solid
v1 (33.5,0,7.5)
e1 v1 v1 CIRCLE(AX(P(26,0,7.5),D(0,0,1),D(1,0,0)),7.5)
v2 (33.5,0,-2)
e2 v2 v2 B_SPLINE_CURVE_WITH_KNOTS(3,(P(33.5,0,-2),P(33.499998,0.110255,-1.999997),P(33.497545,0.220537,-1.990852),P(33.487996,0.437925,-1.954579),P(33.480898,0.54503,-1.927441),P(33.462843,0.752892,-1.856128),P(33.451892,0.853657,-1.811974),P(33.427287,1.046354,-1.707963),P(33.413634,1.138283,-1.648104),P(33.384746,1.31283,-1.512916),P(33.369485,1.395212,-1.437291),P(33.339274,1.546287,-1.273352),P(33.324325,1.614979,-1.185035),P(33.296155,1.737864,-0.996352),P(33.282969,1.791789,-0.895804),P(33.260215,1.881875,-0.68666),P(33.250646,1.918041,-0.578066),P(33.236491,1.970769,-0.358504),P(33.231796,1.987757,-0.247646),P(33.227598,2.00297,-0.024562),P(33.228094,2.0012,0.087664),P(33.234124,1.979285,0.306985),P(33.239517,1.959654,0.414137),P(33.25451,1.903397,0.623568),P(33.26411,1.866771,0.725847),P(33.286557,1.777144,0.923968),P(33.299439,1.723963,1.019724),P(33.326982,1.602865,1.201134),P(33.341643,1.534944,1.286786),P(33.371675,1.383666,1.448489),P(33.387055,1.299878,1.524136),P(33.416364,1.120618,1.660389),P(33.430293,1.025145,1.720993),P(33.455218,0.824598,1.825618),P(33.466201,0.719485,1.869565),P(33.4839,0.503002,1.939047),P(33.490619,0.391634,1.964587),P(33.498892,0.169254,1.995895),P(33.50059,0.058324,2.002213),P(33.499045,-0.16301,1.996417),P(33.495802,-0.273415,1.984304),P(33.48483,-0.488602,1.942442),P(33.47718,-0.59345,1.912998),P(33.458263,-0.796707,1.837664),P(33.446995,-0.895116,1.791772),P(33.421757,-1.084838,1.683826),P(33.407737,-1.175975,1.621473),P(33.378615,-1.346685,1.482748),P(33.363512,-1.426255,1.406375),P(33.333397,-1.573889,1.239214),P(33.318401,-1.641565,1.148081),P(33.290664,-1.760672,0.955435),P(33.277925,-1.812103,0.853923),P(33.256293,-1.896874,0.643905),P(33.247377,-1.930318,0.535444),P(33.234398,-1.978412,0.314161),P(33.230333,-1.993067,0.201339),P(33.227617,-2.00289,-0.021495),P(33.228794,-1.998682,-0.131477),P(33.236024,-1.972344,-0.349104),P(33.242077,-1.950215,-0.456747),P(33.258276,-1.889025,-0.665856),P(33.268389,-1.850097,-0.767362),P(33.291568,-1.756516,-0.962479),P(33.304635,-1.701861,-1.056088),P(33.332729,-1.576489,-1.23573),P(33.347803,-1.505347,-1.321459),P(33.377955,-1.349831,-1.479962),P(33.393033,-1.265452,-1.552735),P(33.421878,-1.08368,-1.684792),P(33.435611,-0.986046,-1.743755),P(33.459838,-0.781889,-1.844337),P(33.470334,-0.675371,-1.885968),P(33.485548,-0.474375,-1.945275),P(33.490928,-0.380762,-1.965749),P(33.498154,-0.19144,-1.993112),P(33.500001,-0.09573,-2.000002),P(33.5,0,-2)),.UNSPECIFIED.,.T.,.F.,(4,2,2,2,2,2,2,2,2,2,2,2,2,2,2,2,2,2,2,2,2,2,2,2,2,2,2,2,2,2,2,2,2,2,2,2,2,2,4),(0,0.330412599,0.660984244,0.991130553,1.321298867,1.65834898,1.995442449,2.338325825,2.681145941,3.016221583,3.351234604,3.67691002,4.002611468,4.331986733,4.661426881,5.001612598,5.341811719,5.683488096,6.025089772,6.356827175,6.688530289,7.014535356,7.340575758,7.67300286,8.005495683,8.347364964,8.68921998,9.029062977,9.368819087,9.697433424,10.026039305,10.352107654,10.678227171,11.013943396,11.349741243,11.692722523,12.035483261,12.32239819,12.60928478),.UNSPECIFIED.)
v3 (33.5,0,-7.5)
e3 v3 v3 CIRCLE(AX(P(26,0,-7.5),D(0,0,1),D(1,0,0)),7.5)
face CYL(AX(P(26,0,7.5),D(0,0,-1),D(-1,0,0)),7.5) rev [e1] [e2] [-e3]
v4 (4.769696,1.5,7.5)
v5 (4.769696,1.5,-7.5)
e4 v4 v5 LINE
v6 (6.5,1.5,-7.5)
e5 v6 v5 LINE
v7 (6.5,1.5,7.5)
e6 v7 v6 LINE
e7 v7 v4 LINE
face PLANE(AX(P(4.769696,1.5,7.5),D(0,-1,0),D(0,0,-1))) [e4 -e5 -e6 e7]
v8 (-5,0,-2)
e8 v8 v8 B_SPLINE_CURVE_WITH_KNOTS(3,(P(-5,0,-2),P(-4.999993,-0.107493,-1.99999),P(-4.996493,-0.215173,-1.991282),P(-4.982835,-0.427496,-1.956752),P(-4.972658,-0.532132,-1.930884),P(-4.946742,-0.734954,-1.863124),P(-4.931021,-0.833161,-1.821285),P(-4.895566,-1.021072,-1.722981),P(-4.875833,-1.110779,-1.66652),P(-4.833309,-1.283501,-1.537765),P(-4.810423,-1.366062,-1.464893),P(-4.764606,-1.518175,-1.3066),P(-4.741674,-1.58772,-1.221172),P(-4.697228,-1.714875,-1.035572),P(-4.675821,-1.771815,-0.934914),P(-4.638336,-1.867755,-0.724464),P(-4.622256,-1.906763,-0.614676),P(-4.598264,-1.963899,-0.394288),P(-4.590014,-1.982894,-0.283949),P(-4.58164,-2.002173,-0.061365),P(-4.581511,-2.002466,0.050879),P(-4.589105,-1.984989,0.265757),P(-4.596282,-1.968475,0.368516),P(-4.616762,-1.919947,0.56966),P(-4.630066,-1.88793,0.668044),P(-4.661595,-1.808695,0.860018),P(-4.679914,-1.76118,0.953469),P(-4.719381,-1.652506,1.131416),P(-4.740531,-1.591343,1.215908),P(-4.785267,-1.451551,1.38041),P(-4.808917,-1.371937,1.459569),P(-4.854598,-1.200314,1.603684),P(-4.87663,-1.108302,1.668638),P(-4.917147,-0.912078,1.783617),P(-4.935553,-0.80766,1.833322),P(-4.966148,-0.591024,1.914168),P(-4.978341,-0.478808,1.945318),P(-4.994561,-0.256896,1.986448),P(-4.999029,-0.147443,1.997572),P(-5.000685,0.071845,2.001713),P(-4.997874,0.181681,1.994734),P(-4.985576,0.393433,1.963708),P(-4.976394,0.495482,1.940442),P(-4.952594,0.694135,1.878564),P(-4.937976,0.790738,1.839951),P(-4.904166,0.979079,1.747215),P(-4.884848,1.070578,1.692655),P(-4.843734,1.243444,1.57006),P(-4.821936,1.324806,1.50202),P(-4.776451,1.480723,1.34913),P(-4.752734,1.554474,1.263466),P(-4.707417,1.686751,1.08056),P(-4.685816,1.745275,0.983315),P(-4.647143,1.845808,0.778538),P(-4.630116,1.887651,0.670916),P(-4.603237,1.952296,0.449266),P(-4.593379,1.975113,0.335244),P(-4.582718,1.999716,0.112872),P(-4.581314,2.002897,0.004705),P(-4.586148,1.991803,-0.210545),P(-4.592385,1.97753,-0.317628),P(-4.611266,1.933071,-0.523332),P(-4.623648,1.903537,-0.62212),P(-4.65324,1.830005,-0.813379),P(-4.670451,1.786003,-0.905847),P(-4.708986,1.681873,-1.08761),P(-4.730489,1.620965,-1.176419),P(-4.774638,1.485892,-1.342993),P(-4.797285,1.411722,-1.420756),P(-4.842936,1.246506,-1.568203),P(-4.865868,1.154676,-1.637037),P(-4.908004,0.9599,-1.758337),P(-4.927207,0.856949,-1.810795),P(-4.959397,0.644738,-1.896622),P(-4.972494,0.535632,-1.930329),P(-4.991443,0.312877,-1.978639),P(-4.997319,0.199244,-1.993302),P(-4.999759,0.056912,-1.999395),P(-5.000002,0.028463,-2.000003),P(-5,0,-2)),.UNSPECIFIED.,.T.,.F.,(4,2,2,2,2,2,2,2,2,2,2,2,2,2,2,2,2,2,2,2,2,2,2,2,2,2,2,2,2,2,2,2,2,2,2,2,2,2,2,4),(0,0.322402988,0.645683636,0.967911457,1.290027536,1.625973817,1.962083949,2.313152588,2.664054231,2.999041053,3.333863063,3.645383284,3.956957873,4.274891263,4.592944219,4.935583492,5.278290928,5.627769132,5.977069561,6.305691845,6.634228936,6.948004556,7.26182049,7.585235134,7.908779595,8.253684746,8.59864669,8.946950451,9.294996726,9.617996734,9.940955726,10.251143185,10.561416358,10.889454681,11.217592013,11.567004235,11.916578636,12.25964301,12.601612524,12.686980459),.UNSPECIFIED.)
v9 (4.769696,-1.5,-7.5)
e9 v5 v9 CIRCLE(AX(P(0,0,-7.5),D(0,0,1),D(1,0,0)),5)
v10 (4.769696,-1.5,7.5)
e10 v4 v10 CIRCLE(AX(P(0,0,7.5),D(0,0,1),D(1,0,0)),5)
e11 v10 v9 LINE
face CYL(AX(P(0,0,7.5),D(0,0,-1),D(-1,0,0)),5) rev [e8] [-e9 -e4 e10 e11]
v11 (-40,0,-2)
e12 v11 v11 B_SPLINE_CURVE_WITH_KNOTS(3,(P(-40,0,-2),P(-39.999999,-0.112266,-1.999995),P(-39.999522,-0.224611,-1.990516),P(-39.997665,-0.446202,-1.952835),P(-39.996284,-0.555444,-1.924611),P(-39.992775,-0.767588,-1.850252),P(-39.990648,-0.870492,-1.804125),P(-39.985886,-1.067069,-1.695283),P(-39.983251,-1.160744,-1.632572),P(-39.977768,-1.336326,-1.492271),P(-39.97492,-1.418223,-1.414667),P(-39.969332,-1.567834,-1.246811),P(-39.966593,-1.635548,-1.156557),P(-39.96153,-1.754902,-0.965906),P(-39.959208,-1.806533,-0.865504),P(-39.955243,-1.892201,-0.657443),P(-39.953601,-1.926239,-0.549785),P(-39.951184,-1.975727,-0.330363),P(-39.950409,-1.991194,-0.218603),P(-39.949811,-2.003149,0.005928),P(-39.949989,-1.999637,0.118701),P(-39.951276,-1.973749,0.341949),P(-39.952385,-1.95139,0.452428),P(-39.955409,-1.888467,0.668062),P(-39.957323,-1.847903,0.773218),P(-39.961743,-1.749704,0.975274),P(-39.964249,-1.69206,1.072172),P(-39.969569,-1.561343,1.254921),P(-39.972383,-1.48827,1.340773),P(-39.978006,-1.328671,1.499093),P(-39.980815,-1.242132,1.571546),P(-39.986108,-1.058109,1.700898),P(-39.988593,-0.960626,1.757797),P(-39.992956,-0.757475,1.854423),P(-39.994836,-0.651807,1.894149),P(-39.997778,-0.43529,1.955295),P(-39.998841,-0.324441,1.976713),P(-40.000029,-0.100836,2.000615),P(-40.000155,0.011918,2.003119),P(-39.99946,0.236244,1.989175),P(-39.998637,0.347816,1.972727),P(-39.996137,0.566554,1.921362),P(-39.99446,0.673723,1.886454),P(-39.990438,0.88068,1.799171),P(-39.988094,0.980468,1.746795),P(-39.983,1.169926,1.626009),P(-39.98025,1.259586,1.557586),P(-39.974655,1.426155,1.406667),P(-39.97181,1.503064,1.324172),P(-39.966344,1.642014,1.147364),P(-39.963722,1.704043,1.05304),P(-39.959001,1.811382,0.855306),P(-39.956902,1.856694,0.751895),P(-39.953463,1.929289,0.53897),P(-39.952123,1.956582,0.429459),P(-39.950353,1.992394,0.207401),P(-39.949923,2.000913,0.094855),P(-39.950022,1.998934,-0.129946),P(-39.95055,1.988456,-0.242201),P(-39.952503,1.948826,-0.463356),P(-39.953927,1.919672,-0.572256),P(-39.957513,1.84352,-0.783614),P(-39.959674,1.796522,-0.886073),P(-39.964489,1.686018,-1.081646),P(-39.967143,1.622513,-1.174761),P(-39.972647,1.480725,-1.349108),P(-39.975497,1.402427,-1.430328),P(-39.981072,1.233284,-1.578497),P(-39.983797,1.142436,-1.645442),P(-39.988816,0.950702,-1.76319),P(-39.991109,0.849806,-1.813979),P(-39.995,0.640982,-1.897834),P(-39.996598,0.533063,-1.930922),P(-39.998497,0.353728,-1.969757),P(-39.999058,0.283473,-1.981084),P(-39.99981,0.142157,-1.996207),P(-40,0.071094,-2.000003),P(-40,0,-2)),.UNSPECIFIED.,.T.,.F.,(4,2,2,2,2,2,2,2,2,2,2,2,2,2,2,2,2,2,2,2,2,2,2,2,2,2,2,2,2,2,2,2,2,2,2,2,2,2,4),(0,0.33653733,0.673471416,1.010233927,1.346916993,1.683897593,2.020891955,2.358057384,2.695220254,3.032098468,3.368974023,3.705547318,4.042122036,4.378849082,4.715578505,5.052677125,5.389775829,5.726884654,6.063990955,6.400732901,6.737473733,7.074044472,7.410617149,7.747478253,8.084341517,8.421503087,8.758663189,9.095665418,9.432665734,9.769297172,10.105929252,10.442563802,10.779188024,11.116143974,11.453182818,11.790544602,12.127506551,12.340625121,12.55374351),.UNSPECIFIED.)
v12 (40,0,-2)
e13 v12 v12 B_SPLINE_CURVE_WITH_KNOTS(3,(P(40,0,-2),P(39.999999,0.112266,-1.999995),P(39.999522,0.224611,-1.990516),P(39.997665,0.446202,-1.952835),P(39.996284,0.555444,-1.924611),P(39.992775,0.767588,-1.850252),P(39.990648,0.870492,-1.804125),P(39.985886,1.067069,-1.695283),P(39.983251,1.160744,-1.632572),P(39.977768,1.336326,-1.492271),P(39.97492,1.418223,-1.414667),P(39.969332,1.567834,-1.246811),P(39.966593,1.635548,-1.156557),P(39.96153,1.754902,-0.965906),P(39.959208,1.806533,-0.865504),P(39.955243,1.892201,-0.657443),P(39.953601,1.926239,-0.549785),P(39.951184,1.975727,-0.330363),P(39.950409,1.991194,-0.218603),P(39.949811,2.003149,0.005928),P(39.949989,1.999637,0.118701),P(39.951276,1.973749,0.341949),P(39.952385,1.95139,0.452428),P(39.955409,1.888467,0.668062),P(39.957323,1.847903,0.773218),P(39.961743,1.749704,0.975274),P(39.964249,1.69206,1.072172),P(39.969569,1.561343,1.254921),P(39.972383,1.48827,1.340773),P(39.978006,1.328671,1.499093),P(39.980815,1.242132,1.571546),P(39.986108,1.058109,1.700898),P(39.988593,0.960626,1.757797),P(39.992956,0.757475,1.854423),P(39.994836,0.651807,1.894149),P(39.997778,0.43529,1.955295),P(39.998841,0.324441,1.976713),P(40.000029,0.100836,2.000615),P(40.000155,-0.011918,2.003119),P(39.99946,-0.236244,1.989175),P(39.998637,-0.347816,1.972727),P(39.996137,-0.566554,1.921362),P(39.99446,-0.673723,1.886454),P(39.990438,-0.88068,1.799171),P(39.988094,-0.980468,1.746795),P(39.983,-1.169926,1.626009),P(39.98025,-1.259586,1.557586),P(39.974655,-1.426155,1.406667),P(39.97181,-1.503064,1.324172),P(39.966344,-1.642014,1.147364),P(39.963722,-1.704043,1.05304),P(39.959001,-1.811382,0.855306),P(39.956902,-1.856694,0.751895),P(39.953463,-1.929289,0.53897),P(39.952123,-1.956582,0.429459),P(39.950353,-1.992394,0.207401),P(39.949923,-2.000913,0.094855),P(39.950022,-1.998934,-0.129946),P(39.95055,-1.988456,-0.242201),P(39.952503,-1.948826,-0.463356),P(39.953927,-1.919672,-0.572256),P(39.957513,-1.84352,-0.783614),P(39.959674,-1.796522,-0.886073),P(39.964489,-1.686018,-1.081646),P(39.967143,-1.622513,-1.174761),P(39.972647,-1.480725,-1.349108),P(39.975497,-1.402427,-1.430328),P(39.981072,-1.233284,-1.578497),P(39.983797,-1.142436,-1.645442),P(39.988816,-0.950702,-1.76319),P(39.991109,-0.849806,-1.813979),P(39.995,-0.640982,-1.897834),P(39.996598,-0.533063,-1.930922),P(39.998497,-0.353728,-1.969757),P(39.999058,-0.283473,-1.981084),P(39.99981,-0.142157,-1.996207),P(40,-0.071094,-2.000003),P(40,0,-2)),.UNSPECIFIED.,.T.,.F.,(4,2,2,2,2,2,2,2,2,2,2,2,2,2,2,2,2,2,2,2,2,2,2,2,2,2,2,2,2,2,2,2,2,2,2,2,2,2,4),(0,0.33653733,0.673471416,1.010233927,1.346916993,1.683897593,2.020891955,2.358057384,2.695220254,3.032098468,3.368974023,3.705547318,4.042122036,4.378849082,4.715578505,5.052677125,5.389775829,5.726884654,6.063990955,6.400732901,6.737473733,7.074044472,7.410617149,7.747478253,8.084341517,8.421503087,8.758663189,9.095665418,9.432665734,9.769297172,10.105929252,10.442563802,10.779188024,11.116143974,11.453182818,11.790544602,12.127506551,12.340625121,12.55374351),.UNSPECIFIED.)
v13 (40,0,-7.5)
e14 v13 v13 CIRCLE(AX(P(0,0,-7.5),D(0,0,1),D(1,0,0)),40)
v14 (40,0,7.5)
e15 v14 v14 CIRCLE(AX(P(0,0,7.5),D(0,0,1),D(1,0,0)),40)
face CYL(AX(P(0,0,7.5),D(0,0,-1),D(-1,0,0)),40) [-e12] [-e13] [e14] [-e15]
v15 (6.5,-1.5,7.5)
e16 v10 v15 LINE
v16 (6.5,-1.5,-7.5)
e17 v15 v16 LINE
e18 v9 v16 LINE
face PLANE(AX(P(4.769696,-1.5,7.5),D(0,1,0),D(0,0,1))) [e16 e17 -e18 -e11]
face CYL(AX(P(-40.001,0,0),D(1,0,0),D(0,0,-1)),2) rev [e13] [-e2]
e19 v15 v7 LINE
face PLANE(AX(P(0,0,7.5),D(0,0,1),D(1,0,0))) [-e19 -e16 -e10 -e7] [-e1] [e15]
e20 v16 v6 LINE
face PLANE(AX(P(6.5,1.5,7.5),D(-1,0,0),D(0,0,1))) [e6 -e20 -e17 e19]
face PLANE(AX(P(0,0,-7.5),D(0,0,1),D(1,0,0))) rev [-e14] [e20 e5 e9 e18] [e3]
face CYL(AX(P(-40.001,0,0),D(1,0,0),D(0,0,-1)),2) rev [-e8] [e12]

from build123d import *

# Parameters (mm, degrees)
SKETCH1_R               = 40
SKETCH1_R_2             = 7.5
BOSS_EXTRUDE1_DEPTH     = 7.5
CUT_EXTRUDE1_REACH      = 59.064
CUT_EXTRUDE1_END_RADIUS = 40
SKETCH2_R               = 2
CUT_EXTRUDE2_REACH      = 99.064
CUT_EXTRUDE2_END_RADIUS = 7.5
CUT_EXTRUDE2_START      = 40
SKETCH2_2_R             = 2


with BuildPart() as part:
    # Sketch1 → Boss-Extrude1 (new, symmetric)
    with BuildSketch(Plane.XY):
        Circle(SKETCH1_R)
        with Locations((26, 0)):
            Circle(SKETCH1_R_2, mode=Mode.SUBTRACT)
        with BuildLine():
            Line((4.769696007, 1.5), (6.5, 1.5))
            Line((6.5, 1.5), (6.5, -1.5))
            Line((6.5, -1.5), (4.769696007, -1.5))
            ThreePointArc((4.769696007, -1.5), (-5, 0), (4.769696007, 1.5))
        make_face(mode=Mode.SUBTRACT)
    extrude(amount=BOSS_EXTRUDE1_DEPTH, both=True)

    # Cut-Extrude1: up to this cylinder (the profile starts inside it)
    cut_extrude1_end = Plane(origin=(0, 0, 0), z_dir=(0, 0, -1)) * Cylinder(CUT_EXTRUDE1_END_RADIUS, 199.128, mode=Mode.PRIVATE)
    # Sketch2 → Cut-Extrude1 (cut, up to the surface)
    with BuildSketch(Plane(origin=(0, 0, 0), x_dir=(0, 0, -1), z_dir=(1, 0, 0)), mode=Mode.PRIVATE) as cut_extrude1_sk1:
        Circle(SKETCH2_R)
    cut_extrude1_tool1 = extrude(cut_extrude1_sk1.sketch, amount=-CUT_EXTRUDE1_REACH, mode=Mode.PRIVATE) & cut_extrude1_end
    add(cut_extrude1_tool1.solids().sort_by_distance((0, 0, 0))[0], mode=Mode.SUBTRACT)

    # Cut-Extrude2: up to this cylinder (the profile starts outside it)
    cut_extrude2_end = Plane(origin=(26, 0, 0), z_dir=(0, 0, -1)) * Cylinder(CUT_EXTRUDE2_END_RADIUS, 214.128, mode=Mode.PRIVATE)
    # Sketch2<2> → Cut-Extrude2 (cut, up to the surface)
    with BuildSketch(Plane(origin=(0, 0, 0), x_dir=(0, 0, -1), z_dir=(1, 0, 0)).offset(CUT_EXTRUDE2_START), mode=Mode.PRIVATE) as cut_extrude2_sk1:
        Circle(SKETCH2_2_R)
    cut_extrude2_tool1 = extrude(cut_extrude2_sk1.sketch, amount=-CUT_EXTRUDE2_REACH, mode=Mode.PRIVATE) - cut_extrude2_end
    add(cut_extrude2_tool1.solids().sort_by_distance((40, 0, 0))[0], mode=Mode.SUBTRACT)


solid = part.part
